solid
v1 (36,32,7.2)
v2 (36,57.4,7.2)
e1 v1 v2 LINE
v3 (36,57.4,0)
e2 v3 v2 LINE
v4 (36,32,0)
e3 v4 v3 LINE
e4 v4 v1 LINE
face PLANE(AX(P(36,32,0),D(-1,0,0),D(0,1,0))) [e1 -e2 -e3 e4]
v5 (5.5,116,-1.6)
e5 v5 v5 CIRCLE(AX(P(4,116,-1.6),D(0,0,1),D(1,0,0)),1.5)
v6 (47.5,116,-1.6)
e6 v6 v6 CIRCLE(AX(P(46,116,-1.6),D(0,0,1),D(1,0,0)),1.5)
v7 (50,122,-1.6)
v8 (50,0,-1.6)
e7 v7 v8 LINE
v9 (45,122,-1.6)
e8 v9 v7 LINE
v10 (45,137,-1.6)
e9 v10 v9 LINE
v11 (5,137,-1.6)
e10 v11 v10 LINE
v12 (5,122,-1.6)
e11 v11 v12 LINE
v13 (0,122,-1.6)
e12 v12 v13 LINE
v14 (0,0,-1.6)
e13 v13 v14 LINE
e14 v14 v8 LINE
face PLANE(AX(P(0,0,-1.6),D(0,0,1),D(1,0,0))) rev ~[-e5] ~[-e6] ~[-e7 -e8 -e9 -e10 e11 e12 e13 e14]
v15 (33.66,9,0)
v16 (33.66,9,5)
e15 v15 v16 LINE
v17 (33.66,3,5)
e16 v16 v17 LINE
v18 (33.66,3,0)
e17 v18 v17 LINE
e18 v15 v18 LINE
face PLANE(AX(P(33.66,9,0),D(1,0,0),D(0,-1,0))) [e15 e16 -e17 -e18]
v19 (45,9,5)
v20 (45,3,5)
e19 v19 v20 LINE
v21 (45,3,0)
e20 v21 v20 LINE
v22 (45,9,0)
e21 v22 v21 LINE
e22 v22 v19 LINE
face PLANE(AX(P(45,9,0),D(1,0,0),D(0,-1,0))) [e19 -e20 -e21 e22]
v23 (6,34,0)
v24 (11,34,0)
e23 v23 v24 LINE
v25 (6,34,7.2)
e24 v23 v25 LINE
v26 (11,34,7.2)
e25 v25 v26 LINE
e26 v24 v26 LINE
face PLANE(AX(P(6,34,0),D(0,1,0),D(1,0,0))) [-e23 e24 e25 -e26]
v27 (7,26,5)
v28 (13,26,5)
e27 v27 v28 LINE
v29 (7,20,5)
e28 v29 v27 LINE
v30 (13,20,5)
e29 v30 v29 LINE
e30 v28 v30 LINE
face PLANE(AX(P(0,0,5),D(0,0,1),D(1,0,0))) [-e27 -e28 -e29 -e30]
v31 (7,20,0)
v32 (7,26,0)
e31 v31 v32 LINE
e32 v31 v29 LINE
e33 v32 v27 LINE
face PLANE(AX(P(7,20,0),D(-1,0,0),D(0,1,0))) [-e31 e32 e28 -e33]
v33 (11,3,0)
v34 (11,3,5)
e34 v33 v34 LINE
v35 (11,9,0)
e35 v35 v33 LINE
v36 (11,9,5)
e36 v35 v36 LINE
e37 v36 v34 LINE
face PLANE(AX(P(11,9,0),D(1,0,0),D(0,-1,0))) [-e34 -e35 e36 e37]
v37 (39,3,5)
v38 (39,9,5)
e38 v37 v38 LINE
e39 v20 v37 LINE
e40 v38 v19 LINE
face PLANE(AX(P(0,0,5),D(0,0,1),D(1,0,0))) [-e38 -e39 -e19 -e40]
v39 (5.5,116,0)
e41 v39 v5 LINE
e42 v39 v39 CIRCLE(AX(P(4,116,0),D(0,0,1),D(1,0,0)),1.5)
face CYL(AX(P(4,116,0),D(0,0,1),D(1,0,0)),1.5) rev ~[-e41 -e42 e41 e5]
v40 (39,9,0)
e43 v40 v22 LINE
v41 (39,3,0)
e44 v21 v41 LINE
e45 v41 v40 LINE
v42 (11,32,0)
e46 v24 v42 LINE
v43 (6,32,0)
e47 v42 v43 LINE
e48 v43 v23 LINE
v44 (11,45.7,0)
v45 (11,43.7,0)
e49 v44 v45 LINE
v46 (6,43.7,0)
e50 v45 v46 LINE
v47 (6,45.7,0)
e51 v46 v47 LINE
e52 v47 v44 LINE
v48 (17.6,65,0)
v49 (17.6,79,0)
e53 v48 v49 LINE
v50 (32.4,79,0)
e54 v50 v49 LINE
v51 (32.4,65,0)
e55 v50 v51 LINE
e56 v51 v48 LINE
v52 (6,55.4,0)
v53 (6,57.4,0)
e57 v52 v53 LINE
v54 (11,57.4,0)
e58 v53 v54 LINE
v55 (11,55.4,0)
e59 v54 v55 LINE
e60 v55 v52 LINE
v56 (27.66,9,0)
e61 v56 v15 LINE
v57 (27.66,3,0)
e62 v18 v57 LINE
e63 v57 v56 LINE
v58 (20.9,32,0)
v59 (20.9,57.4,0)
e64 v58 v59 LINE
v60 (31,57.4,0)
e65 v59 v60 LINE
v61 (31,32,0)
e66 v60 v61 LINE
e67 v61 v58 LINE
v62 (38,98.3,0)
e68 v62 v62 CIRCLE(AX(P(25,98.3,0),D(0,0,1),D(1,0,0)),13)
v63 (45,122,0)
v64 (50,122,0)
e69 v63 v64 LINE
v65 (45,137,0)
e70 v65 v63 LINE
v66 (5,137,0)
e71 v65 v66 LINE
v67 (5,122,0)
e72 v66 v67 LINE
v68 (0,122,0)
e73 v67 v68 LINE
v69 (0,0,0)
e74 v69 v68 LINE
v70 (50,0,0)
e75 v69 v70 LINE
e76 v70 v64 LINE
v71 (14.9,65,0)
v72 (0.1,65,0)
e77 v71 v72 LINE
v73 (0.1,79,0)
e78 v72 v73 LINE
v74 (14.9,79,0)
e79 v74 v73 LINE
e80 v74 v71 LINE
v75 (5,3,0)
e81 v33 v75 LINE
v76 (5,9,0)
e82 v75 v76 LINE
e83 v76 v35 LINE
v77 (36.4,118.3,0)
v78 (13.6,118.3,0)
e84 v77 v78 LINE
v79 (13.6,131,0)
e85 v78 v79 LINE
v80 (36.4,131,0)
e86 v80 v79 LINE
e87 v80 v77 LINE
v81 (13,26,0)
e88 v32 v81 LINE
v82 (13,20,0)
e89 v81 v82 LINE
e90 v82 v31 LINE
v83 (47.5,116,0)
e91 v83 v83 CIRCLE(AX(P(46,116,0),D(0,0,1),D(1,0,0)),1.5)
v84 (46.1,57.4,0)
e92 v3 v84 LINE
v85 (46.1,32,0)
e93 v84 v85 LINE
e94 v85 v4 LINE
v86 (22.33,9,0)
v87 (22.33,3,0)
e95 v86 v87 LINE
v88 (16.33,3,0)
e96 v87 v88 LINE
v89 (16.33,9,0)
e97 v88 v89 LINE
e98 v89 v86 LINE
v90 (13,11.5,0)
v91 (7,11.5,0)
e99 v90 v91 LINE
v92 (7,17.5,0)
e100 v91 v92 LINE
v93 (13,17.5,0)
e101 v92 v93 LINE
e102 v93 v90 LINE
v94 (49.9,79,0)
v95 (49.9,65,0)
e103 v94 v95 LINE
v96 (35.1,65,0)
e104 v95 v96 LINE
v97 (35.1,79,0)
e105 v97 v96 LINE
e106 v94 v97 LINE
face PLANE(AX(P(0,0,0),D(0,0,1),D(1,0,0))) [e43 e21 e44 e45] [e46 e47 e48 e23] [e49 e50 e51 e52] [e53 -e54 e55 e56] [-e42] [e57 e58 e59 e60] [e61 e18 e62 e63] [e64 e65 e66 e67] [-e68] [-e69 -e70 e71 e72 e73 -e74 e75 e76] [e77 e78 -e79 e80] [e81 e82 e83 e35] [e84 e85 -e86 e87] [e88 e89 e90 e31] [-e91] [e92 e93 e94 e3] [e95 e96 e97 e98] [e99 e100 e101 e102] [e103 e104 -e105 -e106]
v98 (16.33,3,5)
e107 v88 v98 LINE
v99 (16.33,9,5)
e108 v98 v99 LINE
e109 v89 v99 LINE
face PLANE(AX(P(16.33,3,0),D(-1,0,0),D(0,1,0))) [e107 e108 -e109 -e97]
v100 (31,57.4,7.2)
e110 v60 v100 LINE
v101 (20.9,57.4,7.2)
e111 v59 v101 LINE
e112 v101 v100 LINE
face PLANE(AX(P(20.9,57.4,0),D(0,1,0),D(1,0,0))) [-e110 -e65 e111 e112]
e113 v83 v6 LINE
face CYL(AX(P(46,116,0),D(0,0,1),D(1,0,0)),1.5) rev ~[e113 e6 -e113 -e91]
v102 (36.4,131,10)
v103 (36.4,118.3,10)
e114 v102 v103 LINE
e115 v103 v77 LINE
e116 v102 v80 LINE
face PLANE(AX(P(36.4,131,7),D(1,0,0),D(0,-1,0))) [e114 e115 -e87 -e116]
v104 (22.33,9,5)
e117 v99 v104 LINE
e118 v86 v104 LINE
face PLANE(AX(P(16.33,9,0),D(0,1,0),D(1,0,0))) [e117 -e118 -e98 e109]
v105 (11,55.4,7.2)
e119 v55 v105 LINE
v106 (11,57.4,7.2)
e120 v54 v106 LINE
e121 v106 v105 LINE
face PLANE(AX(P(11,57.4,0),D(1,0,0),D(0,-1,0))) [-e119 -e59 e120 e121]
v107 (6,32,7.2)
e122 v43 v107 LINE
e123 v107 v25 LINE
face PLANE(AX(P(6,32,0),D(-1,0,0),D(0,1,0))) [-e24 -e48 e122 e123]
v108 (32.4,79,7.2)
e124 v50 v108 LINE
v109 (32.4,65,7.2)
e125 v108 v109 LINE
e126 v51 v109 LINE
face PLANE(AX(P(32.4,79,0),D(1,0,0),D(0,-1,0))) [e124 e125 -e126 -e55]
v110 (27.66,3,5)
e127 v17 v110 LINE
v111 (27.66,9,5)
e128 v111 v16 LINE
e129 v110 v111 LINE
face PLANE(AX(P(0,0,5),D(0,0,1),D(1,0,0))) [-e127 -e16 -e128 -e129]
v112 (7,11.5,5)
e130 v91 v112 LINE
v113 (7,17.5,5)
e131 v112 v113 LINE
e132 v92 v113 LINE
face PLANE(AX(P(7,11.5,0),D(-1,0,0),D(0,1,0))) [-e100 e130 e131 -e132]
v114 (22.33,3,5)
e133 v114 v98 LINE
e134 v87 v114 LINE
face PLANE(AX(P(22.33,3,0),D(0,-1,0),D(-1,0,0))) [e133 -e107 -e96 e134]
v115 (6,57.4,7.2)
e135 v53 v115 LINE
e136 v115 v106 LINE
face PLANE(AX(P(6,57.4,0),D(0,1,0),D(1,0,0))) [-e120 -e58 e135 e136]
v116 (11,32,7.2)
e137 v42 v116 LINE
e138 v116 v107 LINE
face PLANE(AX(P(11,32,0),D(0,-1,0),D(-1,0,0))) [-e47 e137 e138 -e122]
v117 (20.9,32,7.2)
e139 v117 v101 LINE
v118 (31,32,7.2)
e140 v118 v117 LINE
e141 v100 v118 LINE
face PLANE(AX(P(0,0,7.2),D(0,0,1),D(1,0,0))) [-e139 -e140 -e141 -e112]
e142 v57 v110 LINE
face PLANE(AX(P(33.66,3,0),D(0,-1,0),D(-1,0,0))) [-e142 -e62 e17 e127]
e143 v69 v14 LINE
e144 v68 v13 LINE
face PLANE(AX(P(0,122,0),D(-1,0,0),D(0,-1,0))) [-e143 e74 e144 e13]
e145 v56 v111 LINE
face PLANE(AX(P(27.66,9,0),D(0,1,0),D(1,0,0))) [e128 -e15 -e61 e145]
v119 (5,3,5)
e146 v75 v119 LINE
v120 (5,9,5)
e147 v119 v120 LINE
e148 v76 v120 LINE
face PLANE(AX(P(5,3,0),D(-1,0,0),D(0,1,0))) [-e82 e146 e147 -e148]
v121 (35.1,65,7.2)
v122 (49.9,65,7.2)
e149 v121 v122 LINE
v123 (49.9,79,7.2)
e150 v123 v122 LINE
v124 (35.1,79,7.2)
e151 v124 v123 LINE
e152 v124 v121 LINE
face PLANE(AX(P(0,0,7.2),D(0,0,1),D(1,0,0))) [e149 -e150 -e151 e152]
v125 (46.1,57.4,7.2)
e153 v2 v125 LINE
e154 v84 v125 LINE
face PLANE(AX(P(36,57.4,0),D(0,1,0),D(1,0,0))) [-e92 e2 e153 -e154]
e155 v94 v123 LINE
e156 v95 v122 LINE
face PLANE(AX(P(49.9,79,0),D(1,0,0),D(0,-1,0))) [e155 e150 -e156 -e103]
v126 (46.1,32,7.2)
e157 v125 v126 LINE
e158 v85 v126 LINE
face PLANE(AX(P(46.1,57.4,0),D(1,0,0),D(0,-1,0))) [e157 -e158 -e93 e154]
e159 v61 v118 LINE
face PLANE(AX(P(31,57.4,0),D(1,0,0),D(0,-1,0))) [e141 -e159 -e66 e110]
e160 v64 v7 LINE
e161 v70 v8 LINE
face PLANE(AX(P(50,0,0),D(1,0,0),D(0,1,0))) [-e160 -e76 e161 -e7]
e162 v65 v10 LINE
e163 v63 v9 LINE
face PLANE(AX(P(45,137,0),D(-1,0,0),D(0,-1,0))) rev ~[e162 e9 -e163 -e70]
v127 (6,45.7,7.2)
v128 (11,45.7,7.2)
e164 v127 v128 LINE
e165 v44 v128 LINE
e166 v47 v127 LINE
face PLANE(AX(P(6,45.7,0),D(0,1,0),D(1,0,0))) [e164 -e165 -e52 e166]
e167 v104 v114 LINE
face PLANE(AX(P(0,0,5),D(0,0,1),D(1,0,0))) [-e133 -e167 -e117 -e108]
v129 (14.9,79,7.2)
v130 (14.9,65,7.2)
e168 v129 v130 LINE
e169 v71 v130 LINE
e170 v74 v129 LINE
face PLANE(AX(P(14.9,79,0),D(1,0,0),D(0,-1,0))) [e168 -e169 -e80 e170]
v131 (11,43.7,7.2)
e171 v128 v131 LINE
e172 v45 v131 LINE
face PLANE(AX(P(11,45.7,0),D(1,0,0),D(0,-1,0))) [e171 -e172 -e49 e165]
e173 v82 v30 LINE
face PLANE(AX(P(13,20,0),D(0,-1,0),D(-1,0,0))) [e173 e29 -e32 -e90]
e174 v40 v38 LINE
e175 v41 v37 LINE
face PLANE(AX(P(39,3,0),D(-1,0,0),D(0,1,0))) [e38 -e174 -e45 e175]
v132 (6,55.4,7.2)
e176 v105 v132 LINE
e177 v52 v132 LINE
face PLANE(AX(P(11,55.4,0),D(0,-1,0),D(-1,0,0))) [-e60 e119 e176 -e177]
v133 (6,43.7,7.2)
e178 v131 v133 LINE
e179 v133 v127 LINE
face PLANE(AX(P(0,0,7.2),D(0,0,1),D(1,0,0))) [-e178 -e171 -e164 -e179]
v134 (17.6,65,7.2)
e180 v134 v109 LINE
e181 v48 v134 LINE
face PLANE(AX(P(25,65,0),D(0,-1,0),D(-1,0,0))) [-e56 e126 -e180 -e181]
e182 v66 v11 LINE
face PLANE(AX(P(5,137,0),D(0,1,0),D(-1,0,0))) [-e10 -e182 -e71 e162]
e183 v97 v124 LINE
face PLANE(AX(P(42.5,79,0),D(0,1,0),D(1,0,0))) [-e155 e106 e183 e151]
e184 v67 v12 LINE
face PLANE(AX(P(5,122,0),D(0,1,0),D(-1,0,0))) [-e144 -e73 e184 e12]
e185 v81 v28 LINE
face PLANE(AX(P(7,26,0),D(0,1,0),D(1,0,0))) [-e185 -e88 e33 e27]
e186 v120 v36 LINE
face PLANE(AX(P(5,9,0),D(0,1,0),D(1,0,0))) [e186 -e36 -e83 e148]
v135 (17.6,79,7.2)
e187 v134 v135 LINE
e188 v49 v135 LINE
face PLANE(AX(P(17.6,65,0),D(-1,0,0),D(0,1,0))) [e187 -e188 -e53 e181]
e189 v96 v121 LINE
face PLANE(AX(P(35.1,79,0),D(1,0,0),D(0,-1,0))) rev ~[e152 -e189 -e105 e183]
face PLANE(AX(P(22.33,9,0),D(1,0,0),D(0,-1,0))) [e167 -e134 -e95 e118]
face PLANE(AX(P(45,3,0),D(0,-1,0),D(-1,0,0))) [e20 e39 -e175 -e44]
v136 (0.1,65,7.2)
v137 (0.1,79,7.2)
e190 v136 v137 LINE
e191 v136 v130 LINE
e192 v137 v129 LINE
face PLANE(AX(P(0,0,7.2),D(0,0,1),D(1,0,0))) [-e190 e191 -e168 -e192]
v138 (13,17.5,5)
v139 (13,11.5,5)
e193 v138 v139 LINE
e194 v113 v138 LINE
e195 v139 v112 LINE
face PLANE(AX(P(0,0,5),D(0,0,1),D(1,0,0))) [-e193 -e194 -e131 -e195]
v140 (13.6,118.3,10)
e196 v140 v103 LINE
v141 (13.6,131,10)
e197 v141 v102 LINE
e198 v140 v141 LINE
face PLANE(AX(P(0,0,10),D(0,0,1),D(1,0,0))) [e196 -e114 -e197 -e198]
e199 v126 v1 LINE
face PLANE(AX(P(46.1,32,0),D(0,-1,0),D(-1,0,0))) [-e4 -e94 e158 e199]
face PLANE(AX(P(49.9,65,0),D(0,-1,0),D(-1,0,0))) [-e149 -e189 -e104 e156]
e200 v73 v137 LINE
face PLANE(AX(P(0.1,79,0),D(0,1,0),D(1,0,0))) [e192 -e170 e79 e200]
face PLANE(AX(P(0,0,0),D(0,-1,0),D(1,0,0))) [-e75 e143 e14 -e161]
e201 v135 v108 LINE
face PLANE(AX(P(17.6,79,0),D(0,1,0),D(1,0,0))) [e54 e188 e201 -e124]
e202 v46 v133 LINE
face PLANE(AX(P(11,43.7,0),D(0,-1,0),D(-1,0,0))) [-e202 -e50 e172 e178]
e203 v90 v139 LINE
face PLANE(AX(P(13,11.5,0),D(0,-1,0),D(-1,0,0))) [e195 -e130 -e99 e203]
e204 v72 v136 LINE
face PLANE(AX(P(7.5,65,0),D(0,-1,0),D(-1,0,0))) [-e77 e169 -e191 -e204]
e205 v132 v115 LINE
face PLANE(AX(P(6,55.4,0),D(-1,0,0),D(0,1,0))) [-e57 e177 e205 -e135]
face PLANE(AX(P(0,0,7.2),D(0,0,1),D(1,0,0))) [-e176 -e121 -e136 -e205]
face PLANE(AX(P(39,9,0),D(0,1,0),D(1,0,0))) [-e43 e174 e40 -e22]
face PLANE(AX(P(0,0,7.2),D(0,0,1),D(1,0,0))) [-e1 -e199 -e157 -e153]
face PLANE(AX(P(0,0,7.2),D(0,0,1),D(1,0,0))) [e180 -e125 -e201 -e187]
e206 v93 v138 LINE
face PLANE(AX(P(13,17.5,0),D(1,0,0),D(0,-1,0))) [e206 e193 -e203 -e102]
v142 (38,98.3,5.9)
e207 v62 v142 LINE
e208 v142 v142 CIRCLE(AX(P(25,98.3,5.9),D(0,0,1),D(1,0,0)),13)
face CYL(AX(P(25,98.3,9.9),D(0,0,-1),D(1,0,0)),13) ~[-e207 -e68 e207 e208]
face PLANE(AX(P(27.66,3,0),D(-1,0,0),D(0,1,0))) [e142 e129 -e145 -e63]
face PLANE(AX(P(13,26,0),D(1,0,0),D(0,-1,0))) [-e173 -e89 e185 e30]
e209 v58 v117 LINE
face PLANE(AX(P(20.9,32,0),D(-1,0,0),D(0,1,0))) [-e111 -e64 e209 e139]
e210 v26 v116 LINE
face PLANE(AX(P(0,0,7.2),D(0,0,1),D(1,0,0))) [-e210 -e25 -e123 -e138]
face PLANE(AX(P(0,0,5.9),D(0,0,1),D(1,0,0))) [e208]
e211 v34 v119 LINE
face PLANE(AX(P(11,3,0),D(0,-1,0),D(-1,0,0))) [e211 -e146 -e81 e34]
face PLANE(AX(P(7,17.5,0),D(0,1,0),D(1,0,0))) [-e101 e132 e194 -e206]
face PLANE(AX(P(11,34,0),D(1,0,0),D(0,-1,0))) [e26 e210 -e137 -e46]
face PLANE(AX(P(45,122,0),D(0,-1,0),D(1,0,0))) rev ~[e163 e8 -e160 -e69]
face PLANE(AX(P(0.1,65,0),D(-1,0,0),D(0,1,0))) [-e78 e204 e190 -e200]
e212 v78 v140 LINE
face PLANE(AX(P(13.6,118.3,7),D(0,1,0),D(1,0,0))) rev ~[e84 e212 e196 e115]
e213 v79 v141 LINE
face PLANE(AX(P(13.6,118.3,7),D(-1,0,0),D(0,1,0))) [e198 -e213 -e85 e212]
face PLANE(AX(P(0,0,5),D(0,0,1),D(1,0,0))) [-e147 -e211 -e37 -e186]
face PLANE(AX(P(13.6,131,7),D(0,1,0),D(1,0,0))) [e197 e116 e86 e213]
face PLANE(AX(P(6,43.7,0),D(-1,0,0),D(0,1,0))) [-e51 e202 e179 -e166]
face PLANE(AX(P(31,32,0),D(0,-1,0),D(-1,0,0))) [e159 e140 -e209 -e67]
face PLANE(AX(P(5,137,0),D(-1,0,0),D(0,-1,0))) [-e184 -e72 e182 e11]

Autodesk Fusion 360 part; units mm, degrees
sketch "Sketch1" plane through (0, 0, 0) normal (0, 0, 1) x (1, 0, 0)
  line L0 (0, 0) -> (50, 0)
  line L1 (50, 0) -> (50, 137)
  line L2 (50, 137) -> (0, 137)
  line L3 (0, 137) -> (0, 0)
  line L4 (6, 57.4) -> (11, 57.4)
  line L5 (11, 57.4) -> (11, 55.4)
  line L6 (11, 55.4) -> (6, 55.4)
  line L7 (6, 55.4) -> (6, 57.4)
  line L8 (6, 45.7) -> (11, 45.7)
  line L9 (11, 45.7) -> (11, 43.7)
  line L10 (11, 43.7) -> (6, 43.7)
  line L11 (6, 43.7) -> (6, 45.7)
  line L12 (6, 34) -> (11, 34)
  line L13 (11, 34) -> (11, 32)
  line L14 (11, 32) -> (6, 32)
  line L15 (6, 32) -> (6, 34)
  line L16 (36, 57.4) -> (46.1, 57.4)
  line L17 (46.1, 57.4) -> (46.1, 32)
  line L18 (46.1, 32) -> (36, 32)
  line L19 (36, 32) -> (36, 57.4)
  line L20 (20.9, 57.4) -> (31, 57.4)
  line L21 (31, 57.4) -> (31, 32)
  line L22 (31, 32) -> (20.9, 32)
  line L23 (20.9, 32) -> (20.9, 57.4)
  line L24 (0.1, 79) -> (7.5, 79)
  line L25 (7.5, 79) -> (7.5, 65)
  line L26 (7.5, 65) -> (0.1, 65)
  line L27 (0.1, 65) -> (0.1, 79)
  line L28 (7.5, 65) -> (7.5, 79)
  line L29 (42.5, 79) -> (49.9, 79)
  line L30 (49.9, 79) -> (49.9, 65)
  line L31 (49.9, 65) -> (42.5, 65)
  line L32 (42.5, 65) -> (42.5, 79)
  line L33 (7.5, 79) -> (14.9, 79)
  line L34 (14.9, 79) -> (14.9, 65)
  line L35 (14.9, 65) -> (7.5, 65)
  line L36 (7.5, 65) -> (7.5, 79)
  line L37 (42.5, 79) -> (35.1, 79)
  line L38 (35.1, 79) -> (35.1, 65)
  line L39 (35.1, 65) -> (42.5, 65)
  line L40 (42.5, 65) -> (42.5, 79)
  line L41 (15.25, 79) -> (17.25, 79)
  line L42 (17.25, 79) -> (17.25, 76)
  line L43 (17.25, 76) -> (15.25, 76)
  line L44 (15.25, 76) -> (15.25, 79)
  line L45 (17.6, 79) -> (25, 79)
  line L46 (25, 79) -> (25, 65)
  line L47 (25, 65) -> (17.6, 65)
  line L48 (17.6, 65) -> (17.6, 79)
  line L49 (25, 79) -> (32.4, 79)
  line L50 (32.4, 79) -> (32.4, 65)
  line L51 (32.4, 65) -> (25, 65)
  line L52 (25, 65) -> (25, 79)
  line L53 (32.75, 78.921) -> (34.75, 78.921)
  line L54 (34.75, 78.921) -> (34.75, 75.921)
  line L55 (34.75, 75.921) -> (32.75, 75.921)
  line L56 (32.75, 75.921) -> (32.75, 78.921)
  line L57 (15.25, 68.4103) -> (17.25, 68.4103)
  line L58 (17.25, 68.4103) -> (17.25, 65.4103)
  line L59 (17.25, 65.4103) -> (15.25, 65.4103)
  line L60 (15.25, 65.4103) -> (15.25, 68.4103)
  line L61 (32.75, 68) -> (34.75, 68)
  line L62 (34.75, 68) -> (34.75, 65)
  line L63 (34.75, 65) -> (32.75, 65)
  line L64 (32.75, 65) -> (32.75, 68)
  line L65 (13.6, 131) -> (21.2, 131)
  line L66 (21.2, 131) -> (21.2, 118.3)
  line L67 (21.2, 118.3) -> (13.6, 118.3)
  line L68 (13.6, 118.3) -> (13.6, 131)
  line L69 (21.2, 131) -> (28.8, 131)
  line L70 (28.8, 131) -> (36.4, 131)
  line L71 (36.4, 131) -> (36.4, 118.3)
  line L72 (36.4, 118.3) -> (28.8, 118.3)
  line L73 (28.8, 118.3) -> (28.8, 131)
  line L74 (21.2, 131) -> (28.8, 131)
  line L75 (28.8, 131) -> (28.8, 118.3)
  line L76 (28.8, 118.3) -> (21.2, 118.3)
  line L77 (21.2, 118.3) -> (21.2, 131)
  circle A0 centre (25, 98.3) radius 13
  line L78 (7, 135) -> (12, 135)
  line L79 (12, 135) -> (12, 133)
  line L80 (12, 133) -> (7, 133)
  line L81 (7, 133) -> (7, 135)
  line L82 (38, 135) -> (43, 135)
  line L83 (43, 135) -> (43, 133)
  line L84 (43, 133) -> (38, 133)
  line L85 (38, 133) -> (38, 135)
  line L86 (5, 9) -> (11, 9)
  line L87 (11, 9) -> (11, 3)
  line L88 (11, 3) -> (5, 3)
  line L89 (5, 3) -> (5, 9)
  line L90 (39, 9) -> (45, 9)
  line L91 (45, 9) -> (45, 3)
  line L92 (45, 3) -> (39, 3)
  line L93 (39, 3) -> (39, 9)
  line L94 (16.33, 9) -> (22.33, 9)
  line L95 (22.33, 9) -> (22.33, 3)
  line L96 (22.33, 3) -> (16.33, 3)
  line L97 (16.33, 3) -> (16.33, 9)
  line L98 (27.66, 9) -> (33.66, 9)
  line L99 (33.66, 9) -> (33.66, 3)
  line L100 (33.66, 3) -> (27.66, 3)
  line L101 (27.66, 3) -> (27.66, 9)
  line L102 (7, 26) -> (13, 26)
  line L103 (13, 26) -> (13, 20)
  line L104 (13, 20) -> (7, 20)
  line L105 (7, 20) -> (7, 26)
  line L106 (7, 17.5) -> (13, 17.5)
  line L107 (13, 17.5) -> (13, 11.5)
  line L108 (13, 11.5) -> (7, 11.5)
  line L109 (7, 11.5) -> (7, 17.5)
  circle A1 centre (4, 116) radius 1.5
  circle A2 centre (46, 116) radius 1.5
  line L110 (0, 137) -> (5, 137)
  line L111 (5, 137) -> (5, 122)
  line L112 (5, 122) -> (0, 122)
  line L113 (0, 122) -> (0, 137)
  line L114 (50, 137) -> (45, 137)
  line L115 (45, 137) -> (45, 122)
  line L116 (45, 122) -> (50, 122)
  line L117 (50, 122) -> (50, 137)
  circle A3 centre (25, 98.3) radius 7.5
  dimension "d1" = 50
  dimension "d2" = 137
  dimension "d4" = 2
  dimension "d5" = 6
  dimension "d6" = 5
  dimension "d7" = 2
  dimension "d8" = 6
  dimension "d9" = 5
  dimension "d10" = 2
  dimension "d11" = 6
  dimension "d16" = 32
  dimension "d17" = 10.1
  dimension "d18" = 25.4
  dimension "d19" = 32
  dimension "d20" = 25.4
  dimension "d21" = 9.7
  dimension "d22" = 10.1
  dimension "d23" = 25.4
  dimension "d24" = 32
  dimension "d25" = 5
  dimension "d26" = 7.4
  dimension "d27" = 14
  dimension "d29" = 65
  dimension "d45" = 0.1
  dimension "d47" = 14
  dimension "d48" = 0.1
  dimension "d50" = 14
  dimension "d52" = 14
  dimension "d53" = 65
  dimension "d56" = 2
  dimension "d57" = 3
  dimension "d58" = 0.35
  dimension "d59" = 7.4
  dimension "d60" = 14
  dimension "d61" = 0.35
  dimension "d62" = 7.4
  dimension "d63" = 14
  dimension "d64" = 2
  dimension "d65" = 3
  dimension "d66" = 0.35
  dimension "d67" = 2
  dimension "d68" = 3
  dimension "d69" = 0.35
  dimension "d70" = 2
  dimension "d71" = 3
  dimension "d72" = 0.35
  dimension "d73" = 7.6
  dimension "d74" = 12.7
  dimension "d75" = 7.6
  dimension "d76" = 7.6
  dimension "d77" = 12.7
  dimension "d78" = 6
  dimension "d79" = 13.6
  dimension "d80" = 26
  dimension "d81" = 25
  dimension "d82" = 20
  dimension "d83" = 5
  dimension "d84" = 2
  dimension "d85" = 5
  dimension "d86" = 2
  dimension "d87" = 7
  dimension "d88" = 7
  dimension "d91" = 6
  dimension "d92" = 6
  dimension "d93" = 5
  dimension "d94" = 6
  dimension "d95" = 6
  dimension "d96" = 3
  dimension "d97" = 3
  dimension "d98" = 5
  dimension "d101" = 6
  dimension "d102" = 6
  dimension "d103" = 5.33
  dimension "d104" = 5.33
  dimension "d105" = 6
  dimension "d106" = 6
  dimension "d107" = 6
  dimension "d108" = 6
  dimension "d109" = 2.5
  dimension "d110" = 2.5
  dimension "d111" = 7
  dimension "d112" = 7
  dimension "d113" = 3
  dimension "d114" = 3
  dimension "d115" = 21
  dimension "d116" = 4
  dimension "d117" = 4
  dimension "d118" = 21
  dimension "d133" = 5
  dimension "d134" = 15
  dimension "d135" = 5
  dimension "d136" = 15
  dimension "d151" = 2
  dimension "d152" = 2
  dimension "d153" = 15
extrude "Extrude3" add sketch "Sketch1" against normal blind 1.6 contours L0 L1 L2 L3 L111 L112 L115 L116 | L2 L3 L110 L111 L112 L113 | L1 L2 L114 L115 L116 L117 | L4 L5 L6 L7 | L8 L9 L10 L11 | L12 L13 L14 L15 | L16 L17 L18 L19 | L20 L21 L22 L23 | L24 L25 L26 L27 L28 L36 | L25 L28 L33 L34 L35 L36 | L29 L30 L31 L32 L40 | L32 L37 L38 L39 L40 | L41 L42 L43 L44 | L45 L46 L47 L48 L52 | L46 L49 L50 L51 L52 | L53 L54 L55 L56 | L57 L58 L59 L60 | L61 L62 L63 L64 | L65 L66 L67 L68 L77 | L66 L69 L73 L74 L75 L76 L77 | L70 L71 L72 L73 L75 | A0 | L78 L79 L80 L81 | L82 L83 L84 L85 | L86 L87 L88 L89 | L90 L91 L92 L93 | L94 L95 L96 L97 | L98 L99 L100 L101 | L102 L103 L104 L105 | L106 L107 L108 L109 | A3
extrude "Extrude4" add sketch "Sketch1" along normal blind 7.2 contours L24 L25 L26 L27 L28 L36 | L25 L28 L33 L34 L35 L36 | L29 L30 L31 L32 L40 | L32 L37 L38 L39 L40 | L45 L46 L47 L48 L52 | L46 L49 L50 L51 L52
extrude "Extrude5" add sketch "Sketch1" along normal blind 7 contours L65 L66 L67 L68 L77 | L66 L69 L73 L74 L75 L76 L77 | L70 L71 L72 L73 L75
extrude "Extrude6" add sketch "Sketch1" along normal blind 7.2 contours L16 L17 L18 L19 | L20 L21 L22 L23
extrude "Extrude7" add sketch "Sketch1" along normal blind 7.2 contours L4 L5 L6 L7 | L8 L9 L10 L11 | L12 L13 L14 L15
extrude "Extrude8" cut sketch "Sketch1" against normal blind 15 contours L2 L3 L110 L111 L112 L113 | L1 L2 L114 L115 L116 L117
extrude "Extrude9" add sketch "Sketch1" along normal blind 7.9 contours A0 | A3
extrude "Extrude10" add 1 faces at (21.0958, 100.1802, 7.9) along direction (0, 0, 1) blind 2
extrude "Extrude11" add 1 faces at (21.0958, 100.1802, 9.9) along direction (0, 0, 1) blind 6
extrude "Extrude12" add 1 faces at (28.8, 122.5333, 7) along direction (0, 0, 1) blind 8
extrude "Extrude13" cut 1 faces at (21.0958, 100.1802, 15.9) along direction (0, 0, -1) blind 10
extrude "Extrude14" cut 1 faces at (28.8, 122.5333, 15) along direction (0, 0, -1) blind 5
extrude "Extrude15" add sketch "Sketch1" along normal blind 5 contours L86 L87 L88 L89 | L90 L91 L92 L93 | L94 L95 L96 L97 | L98 L99 L100 L101 | L102 L103 L104 L105 | L106 L107 L108 L109
